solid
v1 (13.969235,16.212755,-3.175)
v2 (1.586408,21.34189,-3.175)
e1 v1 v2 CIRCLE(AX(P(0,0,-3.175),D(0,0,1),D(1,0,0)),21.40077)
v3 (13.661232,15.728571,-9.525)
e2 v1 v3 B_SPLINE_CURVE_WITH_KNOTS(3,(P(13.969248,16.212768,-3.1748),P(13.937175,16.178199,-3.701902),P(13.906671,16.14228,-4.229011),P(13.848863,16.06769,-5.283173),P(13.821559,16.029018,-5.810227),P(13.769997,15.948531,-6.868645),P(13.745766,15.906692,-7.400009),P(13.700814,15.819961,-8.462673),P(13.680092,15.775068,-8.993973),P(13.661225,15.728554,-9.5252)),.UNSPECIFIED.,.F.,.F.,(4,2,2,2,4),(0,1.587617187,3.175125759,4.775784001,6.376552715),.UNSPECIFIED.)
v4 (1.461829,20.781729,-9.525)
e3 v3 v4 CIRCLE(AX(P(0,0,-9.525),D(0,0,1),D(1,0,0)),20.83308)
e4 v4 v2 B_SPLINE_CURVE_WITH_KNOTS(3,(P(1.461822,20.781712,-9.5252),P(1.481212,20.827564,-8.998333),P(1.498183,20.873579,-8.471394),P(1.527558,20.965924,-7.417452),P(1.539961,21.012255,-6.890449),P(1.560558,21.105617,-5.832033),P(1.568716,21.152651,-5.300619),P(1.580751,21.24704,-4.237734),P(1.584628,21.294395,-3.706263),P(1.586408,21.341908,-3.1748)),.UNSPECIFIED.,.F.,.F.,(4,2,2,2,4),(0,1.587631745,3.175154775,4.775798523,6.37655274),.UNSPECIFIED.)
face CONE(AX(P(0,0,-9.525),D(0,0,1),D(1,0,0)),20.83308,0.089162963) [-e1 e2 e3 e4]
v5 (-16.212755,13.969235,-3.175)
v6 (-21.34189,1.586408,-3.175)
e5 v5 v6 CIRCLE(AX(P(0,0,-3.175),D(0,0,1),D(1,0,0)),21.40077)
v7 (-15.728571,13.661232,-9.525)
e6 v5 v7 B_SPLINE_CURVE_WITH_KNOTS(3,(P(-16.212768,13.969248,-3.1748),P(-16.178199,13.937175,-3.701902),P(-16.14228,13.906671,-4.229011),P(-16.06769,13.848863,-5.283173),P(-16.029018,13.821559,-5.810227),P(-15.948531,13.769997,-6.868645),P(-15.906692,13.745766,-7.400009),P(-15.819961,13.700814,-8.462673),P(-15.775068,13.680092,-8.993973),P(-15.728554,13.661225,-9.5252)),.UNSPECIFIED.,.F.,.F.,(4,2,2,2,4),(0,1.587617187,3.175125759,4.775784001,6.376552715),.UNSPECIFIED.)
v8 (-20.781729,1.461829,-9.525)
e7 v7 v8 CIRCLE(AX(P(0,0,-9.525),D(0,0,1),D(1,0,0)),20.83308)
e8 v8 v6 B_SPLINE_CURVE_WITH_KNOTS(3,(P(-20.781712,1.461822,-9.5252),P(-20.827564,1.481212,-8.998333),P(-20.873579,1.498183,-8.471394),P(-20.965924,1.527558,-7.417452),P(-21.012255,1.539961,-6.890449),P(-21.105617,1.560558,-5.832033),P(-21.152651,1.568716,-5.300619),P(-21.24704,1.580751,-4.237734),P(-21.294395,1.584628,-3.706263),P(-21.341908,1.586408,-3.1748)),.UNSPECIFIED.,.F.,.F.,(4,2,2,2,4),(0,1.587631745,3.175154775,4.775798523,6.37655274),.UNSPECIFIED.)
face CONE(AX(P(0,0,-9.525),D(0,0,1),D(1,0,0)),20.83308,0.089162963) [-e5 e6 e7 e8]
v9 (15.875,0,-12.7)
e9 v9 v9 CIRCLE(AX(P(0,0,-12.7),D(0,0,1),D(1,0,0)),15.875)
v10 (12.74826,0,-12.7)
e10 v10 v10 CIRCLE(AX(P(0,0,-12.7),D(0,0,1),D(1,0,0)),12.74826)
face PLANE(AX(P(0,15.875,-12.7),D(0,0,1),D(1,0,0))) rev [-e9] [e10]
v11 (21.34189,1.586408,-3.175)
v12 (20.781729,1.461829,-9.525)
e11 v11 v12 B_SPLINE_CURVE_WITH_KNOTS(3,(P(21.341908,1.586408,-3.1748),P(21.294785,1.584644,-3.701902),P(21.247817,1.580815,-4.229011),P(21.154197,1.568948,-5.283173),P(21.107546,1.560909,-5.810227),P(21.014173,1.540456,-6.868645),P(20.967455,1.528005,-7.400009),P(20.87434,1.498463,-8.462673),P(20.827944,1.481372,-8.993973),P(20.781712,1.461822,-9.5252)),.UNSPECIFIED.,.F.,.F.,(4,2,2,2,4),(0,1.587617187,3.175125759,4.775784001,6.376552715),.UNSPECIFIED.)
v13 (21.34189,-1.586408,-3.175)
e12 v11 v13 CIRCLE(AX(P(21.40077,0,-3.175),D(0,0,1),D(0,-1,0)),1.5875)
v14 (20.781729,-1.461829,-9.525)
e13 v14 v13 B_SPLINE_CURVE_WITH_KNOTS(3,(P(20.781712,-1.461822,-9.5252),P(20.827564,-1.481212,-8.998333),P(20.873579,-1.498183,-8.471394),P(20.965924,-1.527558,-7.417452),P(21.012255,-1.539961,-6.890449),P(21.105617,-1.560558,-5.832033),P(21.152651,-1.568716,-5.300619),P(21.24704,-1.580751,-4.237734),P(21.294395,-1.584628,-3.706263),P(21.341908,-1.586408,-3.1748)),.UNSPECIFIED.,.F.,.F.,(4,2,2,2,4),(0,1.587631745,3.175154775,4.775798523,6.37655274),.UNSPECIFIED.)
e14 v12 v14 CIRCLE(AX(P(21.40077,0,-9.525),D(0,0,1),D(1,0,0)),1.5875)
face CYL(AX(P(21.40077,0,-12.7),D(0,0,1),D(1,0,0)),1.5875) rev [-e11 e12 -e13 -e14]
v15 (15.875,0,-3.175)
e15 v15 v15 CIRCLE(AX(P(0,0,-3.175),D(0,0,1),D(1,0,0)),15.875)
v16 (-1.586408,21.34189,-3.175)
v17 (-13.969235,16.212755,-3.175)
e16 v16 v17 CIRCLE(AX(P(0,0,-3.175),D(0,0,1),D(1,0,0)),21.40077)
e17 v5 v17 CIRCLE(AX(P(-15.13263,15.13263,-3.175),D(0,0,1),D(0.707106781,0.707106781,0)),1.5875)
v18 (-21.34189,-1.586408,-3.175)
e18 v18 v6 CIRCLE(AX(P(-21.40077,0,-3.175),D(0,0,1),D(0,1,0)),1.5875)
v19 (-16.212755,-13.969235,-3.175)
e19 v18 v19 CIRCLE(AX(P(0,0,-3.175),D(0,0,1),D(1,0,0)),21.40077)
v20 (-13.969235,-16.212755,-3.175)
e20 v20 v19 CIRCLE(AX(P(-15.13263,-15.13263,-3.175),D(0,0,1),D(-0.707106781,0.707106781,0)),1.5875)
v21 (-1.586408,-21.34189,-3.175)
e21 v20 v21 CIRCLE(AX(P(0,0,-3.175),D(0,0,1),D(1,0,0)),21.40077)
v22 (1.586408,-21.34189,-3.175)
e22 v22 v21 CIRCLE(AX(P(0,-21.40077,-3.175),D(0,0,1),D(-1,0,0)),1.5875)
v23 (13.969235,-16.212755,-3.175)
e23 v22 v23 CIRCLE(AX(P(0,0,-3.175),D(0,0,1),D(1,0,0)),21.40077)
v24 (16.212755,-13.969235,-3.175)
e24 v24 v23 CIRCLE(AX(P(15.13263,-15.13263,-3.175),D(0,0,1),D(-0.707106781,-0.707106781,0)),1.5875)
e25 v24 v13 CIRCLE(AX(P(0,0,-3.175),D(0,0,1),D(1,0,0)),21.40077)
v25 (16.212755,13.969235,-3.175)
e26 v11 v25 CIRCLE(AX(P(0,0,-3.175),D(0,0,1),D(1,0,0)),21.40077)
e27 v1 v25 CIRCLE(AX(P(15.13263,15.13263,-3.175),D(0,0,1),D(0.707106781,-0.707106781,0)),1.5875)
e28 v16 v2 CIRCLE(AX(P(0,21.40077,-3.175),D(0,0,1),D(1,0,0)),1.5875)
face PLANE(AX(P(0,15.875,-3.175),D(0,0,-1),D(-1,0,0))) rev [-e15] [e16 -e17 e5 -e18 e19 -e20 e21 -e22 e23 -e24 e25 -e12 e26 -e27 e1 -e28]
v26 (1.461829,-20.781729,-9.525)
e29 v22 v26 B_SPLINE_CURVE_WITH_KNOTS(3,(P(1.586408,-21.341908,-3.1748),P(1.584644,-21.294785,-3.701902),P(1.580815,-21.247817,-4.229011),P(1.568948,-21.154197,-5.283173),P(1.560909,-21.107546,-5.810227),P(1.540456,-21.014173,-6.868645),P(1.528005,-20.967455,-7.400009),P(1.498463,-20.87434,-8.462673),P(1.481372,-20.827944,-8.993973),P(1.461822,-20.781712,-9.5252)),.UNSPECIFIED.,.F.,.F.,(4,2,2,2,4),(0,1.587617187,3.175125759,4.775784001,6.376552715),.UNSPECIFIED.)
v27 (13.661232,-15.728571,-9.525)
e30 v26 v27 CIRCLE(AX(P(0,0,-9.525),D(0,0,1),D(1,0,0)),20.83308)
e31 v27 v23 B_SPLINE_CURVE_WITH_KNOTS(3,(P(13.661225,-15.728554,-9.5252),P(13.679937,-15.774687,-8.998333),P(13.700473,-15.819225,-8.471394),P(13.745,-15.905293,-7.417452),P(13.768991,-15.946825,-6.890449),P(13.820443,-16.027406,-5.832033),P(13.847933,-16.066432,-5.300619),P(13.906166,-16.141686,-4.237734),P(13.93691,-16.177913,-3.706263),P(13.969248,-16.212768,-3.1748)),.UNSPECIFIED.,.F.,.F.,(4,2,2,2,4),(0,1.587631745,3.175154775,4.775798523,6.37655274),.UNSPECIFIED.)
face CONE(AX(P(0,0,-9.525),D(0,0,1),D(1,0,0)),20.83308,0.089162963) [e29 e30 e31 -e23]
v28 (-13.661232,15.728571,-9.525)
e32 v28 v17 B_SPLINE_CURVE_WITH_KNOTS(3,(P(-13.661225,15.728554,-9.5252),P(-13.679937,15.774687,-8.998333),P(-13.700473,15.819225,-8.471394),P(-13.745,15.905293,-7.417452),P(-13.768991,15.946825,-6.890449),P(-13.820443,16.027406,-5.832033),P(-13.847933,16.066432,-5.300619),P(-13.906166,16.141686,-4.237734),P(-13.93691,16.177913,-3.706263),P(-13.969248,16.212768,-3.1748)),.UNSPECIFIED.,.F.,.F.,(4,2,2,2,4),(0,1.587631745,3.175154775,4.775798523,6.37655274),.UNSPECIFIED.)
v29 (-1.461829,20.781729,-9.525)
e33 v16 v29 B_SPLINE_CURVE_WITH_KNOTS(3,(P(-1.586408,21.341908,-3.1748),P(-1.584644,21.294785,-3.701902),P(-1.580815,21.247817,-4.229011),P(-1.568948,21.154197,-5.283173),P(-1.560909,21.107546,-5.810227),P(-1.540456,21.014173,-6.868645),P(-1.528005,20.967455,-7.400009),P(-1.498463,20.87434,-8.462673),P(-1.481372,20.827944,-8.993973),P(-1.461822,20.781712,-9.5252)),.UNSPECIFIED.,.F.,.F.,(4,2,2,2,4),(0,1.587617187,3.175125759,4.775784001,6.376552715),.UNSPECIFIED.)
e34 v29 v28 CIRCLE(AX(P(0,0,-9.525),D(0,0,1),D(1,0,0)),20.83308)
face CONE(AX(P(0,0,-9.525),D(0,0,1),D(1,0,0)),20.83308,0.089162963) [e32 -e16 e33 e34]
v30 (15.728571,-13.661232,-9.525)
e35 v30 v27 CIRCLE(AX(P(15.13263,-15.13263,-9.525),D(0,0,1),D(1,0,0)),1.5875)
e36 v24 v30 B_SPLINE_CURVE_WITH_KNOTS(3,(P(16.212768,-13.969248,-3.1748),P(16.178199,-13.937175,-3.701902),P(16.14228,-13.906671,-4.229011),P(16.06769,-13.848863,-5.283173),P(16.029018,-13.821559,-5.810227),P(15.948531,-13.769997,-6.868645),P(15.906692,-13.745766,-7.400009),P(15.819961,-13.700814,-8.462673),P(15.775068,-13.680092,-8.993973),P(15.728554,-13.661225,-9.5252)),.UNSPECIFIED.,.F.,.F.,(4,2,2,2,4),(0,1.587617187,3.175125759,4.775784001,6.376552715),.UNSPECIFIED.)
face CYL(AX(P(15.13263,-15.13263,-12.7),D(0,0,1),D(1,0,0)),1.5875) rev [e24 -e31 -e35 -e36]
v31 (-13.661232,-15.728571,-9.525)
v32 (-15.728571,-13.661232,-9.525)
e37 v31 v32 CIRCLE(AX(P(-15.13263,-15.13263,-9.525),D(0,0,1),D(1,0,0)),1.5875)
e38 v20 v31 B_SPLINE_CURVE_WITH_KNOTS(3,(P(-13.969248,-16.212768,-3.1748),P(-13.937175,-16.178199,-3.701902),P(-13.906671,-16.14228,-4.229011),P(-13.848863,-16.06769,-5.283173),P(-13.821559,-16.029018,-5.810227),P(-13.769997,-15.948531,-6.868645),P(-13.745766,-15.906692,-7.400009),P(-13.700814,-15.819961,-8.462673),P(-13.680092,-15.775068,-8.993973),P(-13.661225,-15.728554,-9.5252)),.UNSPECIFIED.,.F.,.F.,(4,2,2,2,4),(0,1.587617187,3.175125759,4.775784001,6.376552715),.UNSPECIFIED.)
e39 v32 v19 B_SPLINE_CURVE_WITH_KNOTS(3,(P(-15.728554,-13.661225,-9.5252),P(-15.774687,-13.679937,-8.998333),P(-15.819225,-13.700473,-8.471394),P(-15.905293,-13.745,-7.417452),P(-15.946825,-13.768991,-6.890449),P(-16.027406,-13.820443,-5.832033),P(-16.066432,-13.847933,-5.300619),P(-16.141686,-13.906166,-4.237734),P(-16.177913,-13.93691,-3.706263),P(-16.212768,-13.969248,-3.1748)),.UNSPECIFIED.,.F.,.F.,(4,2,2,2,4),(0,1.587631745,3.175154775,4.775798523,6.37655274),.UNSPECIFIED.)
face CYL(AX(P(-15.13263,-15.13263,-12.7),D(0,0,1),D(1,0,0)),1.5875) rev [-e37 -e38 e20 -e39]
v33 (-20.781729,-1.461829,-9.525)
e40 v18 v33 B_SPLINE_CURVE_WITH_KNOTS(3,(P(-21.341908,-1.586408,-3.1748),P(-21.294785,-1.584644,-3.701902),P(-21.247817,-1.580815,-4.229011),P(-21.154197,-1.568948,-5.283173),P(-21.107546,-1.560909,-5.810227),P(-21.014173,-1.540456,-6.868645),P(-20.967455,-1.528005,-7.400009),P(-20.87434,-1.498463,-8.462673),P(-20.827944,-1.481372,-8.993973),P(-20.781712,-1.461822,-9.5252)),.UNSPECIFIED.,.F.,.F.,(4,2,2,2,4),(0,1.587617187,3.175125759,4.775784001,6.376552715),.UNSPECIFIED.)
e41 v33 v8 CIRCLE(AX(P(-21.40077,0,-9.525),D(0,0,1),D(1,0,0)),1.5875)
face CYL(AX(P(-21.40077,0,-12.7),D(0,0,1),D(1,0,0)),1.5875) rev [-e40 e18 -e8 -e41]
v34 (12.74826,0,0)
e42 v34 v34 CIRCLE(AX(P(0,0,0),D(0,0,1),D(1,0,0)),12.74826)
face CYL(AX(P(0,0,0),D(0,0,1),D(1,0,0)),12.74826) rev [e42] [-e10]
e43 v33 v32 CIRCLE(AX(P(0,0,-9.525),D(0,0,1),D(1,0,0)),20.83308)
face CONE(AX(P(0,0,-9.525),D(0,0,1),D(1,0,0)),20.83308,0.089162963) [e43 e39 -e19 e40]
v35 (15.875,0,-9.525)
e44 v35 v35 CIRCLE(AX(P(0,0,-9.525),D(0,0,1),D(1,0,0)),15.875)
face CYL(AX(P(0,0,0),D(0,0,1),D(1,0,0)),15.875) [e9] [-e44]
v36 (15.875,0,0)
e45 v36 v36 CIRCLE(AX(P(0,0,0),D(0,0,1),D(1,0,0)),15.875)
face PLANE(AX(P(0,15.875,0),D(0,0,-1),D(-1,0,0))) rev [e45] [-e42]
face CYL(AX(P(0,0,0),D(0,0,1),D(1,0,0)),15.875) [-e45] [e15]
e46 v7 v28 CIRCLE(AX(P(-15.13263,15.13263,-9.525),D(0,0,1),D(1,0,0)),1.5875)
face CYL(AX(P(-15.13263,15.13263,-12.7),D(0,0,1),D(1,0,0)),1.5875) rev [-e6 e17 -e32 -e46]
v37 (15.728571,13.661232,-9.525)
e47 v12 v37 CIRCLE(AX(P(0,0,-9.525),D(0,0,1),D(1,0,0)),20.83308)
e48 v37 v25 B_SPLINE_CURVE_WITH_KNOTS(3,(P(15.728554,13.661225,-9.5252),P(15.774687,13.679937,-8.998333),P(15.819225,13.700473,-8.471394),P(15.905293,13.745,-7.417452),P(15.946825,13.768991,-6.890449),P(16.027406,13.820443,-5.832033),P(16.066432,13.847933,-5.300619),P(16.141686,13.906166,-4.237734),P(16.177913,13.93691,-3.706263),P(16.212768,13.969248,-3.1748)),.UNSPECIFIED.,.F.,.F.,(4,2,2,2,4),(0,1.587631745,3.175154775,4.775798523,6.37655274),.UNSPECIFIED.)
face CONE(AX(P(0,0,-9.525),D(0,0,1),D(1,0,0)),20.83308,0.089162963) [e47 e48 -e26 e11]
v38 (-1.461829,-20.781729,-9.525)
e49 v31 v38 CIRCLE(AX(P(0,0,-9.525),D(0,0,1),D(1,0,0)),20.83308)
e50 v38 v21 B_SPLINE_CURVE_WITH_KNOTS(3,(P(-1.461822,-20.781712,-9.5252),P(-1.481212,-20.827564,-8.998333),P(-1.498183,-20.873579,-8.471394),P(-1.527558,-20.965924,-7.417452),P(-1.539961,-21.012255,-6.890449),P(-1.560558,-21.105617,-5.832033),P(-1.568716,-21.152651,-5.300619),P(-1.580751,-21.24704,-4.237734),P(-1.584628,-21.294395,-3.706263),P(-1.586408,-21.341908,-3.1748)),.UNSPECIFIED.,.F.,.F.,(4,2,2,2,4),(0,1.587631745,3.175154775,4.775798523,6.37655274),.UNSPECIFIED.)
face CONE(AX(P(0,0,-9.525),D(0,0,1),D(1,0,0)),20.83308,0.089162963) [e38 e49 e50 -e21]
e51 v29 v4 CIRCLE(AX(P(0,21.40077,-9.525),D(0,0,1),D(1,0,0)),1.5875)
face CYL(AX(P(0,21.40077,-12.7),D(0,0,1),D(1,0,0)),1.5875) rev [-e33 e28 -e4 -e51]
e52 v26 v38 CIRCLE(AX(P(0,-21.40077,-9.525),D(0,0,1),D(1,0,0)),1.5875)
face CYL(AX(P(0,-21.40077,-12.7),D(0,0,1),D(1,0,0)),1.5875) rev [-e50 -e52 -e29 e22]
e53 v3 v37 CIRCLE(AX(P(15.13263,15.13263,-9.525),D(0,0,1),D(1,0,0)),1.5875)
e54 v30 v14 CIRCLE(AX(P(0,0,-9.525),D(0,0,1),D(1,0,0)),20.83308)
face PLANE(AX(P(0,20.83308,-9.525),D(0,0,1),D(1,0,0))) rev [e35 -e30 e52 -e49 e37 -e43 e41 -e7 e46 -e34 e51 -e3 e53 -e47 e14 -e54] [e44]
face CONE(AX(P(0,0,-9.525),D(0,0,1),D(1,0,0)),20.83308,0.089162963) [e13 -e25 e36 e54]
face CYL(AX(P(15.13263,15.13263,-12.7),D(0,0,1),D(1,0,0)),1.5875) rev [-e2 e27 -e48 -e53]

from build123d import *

# Parameters (mm, degrees)
SKETCH2_R         = 1.5875
EXTRUDE1_DEPTH    = 32.728717878
CIRPATTERN1_COUNT = 8


with BuildPart() as part:
    # Sketch1 → Revolve1 (revolve)
    with BuildSketch(Plane(origin=(0, 0, 0), x_dir=(0, 0, -1), z_dir=(1, 0, 0)), mode=Mode.PRIVATE) as revolve1_sk:
        Polygon((0, 15.875), (0, 12.74826), (12.7, 12.74826), (12.7, 15.875), (9.525, 15.875), (9.525, 20.83308), (3.175, 21.40077), (3.175, 15.875), align=None)
    revolve(revolve1_sk.sketch.rotate(Axis((0, 0, 0), (0, 0, -1)), 90), axis=Axis((0, 0, 0), (0, 0, -1)))

    # Sketch2 → Extrude1 (cut, through all)
    with BuildSketch(Plane.XY.offset(-3.175)):
        with Locations((0, 21.40077)):
            Circle(SKETCH2_R)
    extrude1 = extrude(amount=-EXTRUDE1_DEPTH, mode=Mode.SUBTRACT)

    # CirPattern1: Extrude1 ×8 about axis
    cirpattern1_axis = Axis((0, 0, 0), (0, 0, 1))
    for i in range(1, CIRPATTERN1_COUNT):
        add(extrude1.rotate(cirpattern1_axis, i * 360 / CIRPATTERN1_COUNT), mode=Mode.SUBTRACT)


solid = part.part
